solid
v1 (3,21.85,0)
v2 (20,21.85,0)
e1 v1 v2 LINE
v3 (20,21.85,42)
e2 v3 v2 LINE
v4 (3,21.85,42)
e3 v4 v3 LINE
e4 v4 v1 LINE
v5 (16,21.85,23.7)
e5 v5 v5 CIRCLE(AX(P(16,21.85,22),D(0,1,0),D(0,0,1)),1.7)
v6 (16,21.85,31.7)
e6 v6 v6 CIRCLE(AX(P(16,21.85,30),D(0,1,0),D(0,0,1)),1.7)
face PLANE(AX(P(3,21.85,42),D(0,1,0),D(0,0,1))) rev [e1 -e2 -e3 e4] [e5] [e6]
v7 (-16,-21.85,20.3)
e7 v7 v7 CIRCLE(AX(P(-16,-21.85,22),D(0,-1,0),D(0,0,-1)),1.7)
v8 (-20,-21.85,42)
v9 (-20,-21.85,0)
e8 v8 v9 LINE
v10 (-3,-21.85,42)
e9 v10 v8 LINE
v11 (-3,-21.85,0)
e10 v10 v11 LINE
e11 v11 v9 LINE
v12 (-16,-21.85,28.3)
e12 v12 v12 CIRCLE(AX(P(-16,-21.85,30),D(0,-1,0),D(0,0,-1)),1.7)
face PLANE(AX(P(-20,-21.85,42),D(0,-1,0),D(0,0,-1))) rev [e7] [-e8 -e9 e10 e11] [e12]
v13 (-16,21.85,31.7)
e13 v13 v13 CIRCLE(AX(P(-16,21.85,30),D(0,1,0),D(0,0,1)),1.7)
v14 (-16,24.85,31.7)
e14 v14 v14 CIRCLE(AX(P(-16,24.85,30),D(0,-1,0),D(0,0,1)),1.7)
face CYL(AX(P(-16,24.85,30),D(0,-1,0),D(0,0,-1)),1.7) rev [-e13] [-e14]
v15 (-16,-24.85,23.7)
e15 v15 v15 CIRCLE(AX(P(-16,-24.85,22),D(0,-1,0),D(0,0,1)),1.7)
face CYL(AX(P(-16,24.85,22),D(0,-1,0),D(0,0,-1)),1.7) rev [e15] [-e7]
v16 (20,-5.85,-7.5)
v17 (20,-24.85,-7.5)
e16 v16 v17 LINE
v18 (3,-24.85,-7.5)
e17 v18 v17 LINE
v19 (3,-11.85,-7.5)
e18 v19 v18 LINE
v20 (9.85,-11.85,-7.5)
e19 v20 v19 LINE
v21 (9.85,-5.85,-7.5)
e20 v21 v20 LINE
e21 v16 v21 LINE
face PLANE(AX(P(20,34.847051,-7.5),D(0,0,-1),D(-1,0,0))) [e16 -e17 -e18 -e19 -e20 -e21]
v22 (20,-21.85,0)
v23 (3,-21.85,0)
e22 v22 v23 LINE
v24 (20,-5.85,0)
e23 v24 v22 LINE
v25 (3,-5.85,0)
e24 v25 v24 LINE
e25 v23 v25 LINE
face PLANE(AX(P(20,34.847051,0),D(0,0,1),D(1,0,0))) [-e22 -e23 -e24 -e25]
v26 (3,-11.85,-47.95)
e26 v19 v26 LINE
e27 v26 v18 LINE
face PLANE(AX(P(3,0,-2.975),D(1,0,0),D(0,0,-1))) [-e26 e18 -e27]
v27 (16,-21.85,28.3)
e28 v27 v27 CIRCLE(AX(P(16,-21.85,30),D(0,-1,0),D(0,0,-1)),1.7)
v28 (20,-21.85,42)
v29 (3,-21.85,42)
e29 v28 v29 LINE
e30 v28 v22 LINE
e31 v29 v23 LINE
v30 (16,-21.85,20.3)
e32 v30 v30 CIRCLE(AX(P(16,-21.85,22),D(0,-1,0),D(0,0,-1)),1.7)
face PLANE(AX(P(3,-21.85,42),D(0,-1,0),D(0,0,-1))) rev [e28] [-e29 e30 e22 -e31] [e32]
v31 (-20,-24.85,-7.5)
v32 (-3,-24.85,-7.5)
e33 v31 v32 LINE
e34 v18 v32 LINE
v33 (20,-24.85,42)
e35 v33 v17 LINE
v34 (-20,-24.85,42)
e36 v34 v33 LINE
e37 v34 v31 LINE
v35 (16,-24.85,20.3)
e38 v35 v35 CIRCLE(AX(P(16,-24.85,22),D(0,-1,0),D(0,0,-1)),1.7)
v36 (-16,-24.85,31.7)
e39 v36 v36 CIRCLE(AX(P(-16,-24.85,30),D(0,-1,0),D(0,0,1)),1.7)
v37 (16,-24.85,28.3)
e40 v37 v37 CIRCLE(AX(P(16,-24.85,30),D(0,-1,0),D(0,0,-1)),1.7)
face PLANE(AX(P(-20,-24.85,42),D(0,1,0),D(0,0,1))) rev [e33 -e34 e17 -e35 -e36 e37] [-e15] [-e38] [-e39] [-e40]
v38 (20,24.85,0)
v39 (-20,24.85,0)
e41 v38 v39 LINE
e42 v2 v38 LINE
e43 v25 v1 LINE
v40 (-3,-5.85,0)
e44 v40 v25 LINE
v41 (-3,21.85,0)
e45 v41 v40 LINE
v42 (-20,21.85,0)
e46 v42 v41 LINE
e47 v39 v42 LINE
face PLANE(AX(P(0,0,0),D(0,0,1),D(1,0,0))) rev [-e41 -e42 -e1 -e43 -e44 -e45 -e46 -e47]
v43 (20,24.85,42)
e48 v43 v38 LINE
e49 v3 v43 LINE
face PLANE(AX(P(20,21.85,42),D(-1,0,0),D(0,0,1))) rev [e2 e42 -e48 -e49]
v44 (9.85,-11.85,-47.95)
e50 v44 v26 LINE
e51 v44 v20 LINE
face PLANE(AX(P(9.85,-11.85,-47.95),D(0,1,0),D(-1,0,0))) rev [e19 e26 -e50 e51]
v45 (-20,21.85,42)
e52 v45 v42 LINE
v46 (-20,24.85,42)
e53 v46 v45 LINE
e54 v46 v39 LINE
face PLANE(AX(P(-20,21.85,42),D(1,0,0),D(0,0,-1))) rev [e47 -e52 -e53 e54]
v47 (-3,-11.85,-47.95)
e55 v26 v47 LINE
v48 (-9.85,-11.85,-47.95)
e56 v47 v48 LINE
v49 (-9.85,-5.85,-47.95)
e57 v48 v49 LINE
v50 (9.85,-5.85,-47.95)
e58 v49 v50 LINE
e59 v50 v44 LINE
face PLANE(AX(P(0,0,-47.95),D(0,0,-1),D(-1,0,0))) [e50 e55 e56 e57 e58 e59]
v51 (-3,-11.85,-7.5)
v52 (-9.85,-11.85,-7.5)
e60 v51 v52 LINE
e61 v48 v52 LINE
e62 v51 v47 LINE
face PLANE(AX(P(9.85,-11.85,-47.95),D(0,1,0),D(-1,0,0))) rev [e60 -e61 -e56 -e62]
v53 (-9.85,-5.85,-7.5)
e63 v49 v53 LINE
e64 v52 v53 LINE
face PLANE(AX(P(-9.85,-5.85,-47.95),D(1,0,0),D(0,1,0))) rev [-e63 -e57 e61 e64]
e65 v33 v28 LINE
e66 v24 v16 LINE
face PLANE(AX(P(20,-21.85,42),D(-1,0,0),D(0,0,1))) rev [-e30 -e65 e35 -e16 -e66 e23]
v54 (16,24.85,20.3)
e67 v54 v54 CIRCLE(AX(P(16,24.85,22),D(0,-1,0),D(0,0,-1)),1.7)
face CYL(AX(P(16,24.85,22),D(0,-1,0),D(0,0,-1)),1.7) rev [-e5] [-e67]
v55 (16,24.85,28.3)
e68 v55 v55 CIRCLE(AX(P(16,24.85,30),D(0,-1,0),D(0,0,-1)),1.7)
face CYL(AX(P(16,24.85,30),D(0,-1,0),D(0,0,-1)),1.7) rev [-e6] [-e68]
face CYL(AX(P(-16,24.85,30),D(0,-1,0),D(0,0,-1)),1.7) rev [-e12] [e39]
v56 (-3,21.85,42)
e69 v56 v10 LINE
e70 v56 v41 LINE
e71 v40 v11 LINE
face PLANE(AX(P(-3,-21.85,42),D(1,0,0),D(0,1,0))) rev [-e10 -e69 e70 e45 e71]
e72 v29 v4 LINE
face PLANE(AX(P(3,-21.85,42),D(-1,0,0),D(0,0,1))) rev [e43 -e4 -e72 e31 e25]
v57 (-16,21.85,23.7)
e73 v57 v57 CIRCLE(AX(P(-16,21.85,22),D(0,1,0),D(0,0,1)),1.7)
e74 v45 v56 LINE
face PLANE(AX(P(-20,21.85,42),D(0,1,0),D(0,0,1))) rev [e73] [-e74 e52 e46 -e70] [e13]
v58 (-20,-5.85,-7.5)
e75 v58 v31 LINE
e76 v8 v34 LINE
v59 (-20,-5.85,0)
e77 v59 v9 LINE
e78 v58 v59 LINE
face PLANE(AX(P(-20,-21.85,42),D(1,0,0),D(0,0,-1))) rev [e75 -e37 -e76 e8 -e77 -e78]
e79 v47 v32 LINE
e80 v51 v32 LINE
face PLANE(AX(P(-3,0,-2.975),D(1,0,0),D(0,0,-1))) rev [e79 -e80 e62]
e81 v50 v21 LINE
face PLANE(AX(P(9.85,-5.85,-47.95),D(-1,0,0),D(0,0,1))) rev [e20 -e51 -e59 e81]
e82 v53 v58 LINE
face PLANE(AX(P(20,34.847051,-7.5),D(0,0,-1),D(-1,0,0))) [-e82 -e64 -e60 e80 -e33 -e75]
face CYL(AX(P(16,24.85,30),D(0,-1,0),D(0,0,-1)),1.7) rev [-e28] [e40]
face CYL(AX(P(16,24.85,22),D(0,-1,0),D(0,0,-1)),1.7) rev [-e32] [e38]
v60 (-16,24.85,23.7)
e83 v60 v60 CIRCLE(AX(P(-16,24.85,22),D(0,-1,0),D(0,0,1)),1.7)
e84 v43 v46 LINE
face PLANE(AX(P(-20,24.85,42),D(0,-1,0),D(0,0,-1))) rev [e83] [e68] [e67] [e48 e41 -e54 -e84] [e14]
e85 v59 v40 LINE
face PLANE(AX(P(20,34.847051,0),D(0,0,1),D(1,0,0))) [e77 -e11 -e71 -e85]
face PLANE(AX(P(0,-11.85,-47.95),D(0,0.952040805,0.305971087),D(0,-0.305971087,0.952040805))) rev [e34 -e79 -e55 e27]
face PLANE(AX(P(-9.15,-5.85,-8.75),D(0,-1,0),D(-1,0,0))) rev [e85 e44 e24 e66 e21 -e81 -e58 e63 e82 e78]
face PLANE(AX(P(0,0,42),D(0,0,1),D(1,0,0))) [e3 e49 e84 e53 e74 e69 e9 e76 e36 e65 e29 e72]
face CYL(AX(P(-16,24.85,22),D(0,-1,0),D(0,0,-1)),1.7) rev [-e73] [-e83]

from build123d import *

# Parameters (mm, degrees)
BOSS_EXTRUDE1_DEPTH = 42
SKETCH2_W           = 40
SKETCH2_H           = 7.5
BOSS_EXTRUDE2_DEPTH = 19
SKETCH3_W           = 19.7
SKETCH3_H           = 6
BOSS_EXTRUDE3_DEPTH = 40.45
RIB1_REACH          = 59.591
SKETCH4_WALL_W      = 159.669704532
SKETCH4_WALL_H      = 6
SKETCH7_R           = 1.7
CUT_EXTRUDE1_DEPTH  = 72.897792038


with BuildPart() as part:
    # Sketch1 → Boss-Extrude1 (new body)
    with BuildSketch(Plane.XY):
        Polygon((-3, -21.85), (-3, 21.85), (-20, 21.85), (-20, 24.85), (20, 24.85), (20, 21.85), (3, 21.85), (3, -21.85), (20, -21.85), (20, -24.85), (-20, -24.85), (-20, -21.85), align=None)
    extrude(amount=BOSS_EXTRUDE1_DEPTH)

    # Sketch2 → Boss-Extrude2 (add)
    with BuildSketch(Plane(origin=(0, -24.85, 0), x_dir=(-1, 0, 0), z_dir=(0, -1, 0))):
        with Locations((0, 3.75)):
            Rectangle(SKETCH2_W, SKETCH2_H)
    extrude(amount=-BOSS_EXTRUDE2_DEPTH)

    # Sketch3 → Boss-Extrude3 (add)
    with BuildSketch(Plane(origin=(0, 0, -7.5), x_dir=(-1, 0, 0), z_dir=(0, 0, -1))):
        with Locations((0, -8.85)):
            Rectangle(SKETCH3_W, SKETCH3_H)
    extrude(amount=BOSS_EXTRUDE3_DEPTH)

    # Sketch4 wall → Rib1 (add, up to next)
    with BuildSketch(Plane(origin=(0, -18.35, -27.725), x_dir=(0, -0.305971086836, 0.952040804809), z_dir=(0, -0.952040804809, -0.305971086836)), mode=Mode.PRIVATE) as rib1_sk1:
        Rectangle(SKETCH4_WALL_W, SKETCH4_WALL_H)
    rib1_tool1 = extrude(rib1_sk1.sketch, amount=-RIB1_REACH, mode=Mode.PRIVATE) - part.part
    add(rib1_tool1.solids().sort_by_distance((0, -18.35, -27.725))[0])

    # Sketch7 → Cut-Extrude1 (cut, through all)
    with BuildSketch(Plane.XZ.offset(24.85)):
        with Locations(Location((16, 30, 0), (0, 0, 270))):
            Circle(SKETCH7_R)
        with Locations(Location((16, 22, 0), (0, 0, 270))):
            Circle(SKETCH7_R)
        with Locations(Location((-16, 22, 0), (0, 0, 270))):
            Circle(SKETCH7_R)
        with Locations(Location((-16, 30, 0), (0, 0, 270))):
            Circle(SKETCH7_R)
    extrude(amount=-CUT_EXTRUDE1_DEPTH, mode=Mode.SUBTRACT)


solid = part.part
